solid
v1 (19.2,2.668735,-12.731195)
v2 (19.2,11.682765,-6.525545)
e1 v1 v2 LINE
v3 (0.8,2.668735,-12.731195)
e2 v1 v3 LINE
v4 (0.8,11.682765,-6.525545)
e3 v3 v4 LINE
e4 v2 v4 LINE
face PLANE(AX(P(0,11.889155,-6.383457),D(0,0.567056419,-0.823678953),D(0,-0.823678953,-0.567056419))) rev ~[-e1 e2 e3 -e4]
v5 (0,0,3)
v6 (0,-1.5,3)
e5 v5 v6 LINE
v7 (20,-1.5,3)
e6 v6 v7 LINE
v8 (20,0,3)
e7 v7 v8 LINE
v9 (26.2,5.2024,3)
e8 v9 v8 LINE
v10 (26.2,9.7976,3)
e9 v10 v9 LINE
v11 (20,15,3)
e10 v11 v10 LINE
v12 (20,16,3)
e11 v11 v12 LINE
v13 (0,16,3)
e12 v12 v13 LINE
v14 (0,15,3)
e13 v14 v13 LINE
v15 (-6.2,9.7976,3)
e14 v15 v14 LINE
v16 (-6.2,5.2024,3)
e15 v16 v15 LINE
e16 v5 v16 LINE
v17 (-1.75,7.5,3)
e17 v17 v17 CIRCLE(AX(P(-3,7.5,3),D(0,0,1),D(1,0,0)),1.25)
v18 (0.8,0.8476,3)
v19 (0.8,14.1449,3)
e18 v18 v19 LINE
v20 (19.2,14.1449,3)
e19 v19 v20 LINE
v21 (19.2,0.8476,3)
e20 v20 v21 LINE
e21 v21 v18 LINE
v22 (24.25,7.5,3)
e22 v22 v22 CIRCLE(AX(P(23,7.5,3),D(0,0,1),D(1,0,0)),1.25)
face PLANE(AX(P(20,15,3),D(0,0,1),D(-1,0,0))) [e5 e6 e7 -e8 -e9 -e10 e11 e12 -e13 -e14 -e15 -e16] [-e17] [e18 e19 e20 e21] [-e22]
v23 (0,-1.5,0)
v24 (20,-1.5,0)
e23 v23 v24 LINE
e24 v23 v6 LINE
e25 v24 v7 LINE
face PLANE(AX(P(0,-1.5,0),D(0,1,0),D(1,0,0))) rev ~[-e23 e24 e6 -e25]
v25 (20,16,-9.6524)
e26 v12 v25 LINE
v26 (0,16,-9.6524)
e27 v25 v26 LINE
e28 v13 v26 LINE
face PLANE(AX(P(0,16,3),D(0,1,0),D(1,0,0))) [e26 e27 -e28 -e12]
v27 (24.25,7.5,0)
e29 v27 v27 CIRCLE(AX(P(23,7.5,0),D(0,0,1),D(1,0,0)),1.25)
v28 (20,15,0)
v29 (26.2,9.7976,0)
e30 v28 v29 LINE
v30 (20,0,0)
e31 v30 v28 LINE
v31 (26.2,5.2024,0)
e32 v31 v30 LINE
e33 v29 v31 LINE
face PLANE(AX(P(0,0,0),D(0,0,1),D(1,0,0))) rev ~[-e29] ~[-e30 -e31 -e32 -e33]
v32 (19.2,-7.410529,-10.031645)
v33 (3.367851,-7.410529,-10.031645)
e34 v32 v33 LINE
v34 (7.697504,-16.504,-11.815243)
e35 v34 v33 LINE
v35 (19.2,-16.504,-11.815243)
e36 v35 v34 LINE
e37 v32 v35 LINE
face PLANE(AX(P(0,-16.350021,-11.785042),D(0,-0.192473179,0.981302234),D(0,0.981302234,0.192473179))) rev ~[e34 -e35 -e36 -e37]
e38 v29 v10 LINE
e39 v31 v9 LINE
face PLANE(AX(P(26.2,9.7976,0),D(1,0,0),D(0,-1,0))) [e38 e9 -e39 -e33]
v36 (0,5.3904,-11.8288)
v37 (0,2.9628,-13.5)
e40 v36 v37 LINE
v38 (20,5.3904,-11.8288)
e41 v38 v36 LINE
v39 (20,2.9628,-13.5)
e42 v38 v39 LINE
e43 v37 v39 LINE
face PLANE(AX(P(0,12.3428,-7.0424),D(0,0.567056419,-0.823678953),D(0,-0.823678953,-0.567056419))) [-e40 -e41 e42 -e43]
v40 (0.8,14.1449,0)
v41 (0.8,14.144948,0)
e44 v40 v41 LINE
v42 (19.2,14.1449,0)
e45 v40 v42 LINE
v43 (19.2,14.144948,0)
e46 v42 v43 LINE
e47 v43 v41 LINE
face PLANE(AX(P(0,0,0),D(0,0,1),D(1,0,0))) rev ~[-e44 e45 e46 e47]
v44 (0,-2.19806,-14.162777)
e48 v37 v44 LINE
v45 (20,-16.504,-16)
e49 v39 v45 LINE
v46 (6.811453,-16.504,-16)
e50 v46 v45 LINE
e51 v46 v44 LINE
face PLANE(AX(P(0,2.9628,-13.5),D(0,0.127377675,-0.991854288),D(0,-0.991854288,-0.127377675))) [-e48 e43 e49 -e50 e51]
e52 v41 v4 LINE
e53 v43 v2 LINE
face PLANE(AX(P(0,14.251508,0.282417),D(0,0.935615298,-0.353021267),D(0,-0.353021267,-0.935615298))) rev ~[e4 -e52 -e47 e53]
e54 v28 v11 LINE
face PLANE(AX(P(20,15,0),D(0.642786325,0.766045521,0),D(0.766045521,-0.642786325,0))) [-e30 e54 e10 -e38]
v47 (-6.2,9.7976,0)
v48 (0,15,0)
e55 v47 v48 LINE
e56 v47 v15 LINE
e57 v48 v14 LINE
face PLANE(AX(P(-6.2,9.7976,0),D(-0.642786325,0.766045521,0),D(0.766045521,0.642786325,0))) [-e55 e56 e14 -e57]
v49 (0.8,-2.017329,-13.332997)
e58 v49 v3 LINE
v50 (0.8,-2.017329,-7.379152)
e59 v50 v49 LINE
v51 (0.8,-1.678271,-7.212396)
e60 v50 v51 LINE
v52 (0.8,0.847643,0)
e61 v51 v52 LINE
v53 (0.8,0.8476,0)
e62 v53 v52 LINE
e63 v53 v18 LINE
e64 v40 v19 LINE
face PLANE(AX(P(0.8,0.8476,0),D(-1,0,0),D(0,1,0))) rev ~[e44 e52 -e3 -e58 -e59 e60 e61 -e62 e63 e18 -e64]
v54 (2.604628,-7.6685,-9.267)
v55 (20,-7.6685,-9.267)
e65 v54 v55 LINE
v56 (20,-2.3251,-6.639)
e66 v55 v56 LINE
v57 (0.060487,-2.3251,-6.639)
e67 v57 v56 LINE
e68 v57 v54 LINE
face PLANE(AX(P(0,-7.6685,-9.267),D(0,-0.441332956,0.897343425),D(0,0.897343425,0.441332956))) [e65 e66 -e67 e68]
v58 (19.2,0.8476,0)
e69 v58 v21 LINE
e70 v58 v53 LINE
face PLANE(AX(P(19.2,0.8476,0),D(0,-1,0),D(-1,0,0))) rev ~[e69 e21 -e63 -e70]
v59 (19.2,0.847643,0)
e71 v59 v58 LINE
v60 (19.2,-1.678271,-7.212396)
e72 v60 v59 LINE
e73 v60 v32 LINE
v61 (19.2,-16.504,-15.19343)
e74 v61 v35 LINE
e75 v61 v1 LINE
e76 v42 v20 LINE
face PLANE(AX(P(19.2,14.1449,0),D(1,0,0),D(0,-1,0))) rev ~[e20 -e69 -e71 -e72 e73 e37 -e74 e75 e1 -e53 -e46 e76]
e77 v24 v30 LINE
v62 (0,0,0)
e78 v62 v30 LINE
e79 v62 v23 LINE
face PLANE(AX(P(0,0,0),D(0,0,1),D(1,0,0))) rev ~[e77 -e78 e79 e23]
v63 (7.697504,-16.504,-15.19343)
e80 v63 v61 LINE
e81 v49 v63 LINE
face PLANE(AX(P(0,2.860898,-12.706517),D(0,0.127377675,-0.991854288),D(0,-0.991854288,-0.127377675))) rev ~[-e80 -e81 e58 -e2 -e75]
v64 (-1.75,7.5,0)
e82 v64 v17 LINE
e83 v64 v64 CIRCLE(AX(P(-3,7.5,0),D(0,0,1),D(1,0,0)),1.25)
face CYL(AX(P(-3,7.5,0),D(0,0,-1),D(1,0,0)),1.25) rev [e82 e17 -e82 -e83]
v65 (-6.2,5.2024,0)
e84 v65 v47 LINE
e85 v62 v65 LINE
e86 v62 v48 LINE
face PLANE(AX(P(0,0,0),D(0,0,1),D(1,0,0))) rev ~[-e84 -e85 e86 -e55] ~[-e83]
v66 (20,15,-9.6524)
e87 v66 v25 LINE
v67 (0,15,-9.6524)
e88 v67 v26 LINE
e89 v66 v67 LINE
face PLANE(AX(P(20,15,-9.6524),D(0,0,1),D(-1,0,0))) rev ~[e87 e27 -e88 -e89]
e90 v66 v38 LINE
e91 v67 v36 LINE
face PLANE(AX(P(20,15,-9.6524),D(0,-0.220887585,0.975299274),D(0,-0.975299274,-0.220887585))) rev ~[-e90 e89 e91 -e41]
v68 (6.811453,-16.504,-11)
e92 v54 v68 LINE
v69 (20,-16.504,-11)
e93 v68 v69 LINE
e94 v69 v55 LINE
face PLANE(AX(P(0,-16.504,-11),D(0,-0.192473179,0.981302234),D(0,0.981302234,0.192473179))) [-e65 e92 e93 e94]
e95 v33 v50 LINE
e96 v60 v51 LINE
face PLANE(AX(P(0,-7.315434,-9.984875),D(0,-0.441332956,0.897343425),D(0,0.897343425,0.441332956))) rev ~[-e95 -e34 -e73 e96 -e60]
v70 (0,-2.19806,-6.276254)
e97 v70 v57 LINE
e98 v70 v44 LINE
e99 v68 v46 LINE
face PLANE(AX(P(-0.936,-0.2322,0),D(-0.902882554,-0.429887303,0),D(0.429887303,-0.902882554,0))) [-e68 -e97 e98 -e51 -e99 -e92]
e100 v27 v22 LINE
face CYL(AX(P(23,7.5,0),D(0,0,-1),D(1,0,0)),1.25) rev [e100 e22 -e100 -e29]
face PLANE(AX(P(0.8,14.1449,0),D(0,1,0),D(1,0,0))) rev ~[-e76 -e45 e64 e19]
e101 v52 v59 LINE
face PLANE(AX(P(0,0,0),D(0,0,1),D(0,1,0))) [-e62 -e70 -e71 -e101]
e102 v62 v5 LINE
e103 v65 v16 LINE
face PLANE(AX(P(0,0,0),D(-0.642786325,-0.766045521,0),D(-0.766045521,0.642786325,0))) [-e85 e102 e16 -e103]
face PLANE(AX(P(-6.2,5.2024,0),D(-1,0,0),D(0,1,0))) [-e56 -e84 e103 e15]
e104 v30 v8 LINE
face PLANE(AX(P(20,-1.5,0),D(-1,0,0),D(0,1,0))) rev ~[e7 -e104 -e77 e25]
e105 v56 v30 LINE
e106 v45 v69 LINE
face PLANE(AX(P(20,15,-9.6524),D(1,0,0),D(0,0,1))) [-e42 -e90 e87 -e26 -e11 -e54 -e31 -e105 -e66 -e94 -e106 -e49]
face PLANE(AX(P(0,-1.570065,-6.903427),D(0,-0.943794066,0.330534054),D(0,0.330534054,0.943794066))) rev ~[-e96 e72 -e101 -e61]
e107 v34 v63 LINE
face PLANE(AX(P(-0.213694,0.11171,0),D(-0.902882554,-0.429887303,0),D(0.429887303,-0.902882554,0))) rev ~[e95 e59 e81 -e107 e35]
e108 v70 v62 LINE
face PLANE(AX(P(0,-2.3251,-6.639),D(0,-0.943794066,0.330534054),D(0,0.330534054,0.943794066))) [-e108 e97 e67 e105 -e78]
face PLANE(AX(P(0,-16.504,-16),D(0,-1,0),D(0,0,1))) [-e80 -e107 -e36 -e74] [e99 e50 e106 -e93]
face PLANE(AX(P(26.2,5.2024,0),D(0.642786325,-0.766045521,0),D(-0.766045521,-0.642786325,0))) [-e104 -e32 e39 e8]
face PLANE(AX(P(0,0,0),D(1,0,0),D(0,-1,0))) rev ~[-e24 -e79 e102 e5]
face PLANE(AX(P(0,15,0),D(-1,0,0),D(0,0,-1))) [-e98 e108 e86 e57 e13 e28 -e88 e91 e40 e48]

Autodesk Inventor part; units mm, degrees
ref_plane "YZ Plane" through (0, 0, 0) normal (1, 0, 0) x (0, 1, 0)
ref_plane "XZ Plane" through (0, 0, 0) normal (0, 1, 0) x (-1, 0, 0)
ref_plane "XY Plane" through (0, 0, 0) normal (0, 0, 1) x (1, 0, 0)
sketch "Sketch1" plane through (0, 0, 0) normal (1, 0, 0) x (0, 1, 0)
  line L0 (0, 0) -> (15, 0)
  line L1 (15, 0) -> (12.3428, -7.0424)
  line L2 (12.3428, -7.0424) -> (2.9628, -13.5)
  line L3 (2.9628, -13.5) -> (-16.504, -16)
  line L4 (-16.504, -16) -> (-16.504, -11)
  line L5 (-16.504, -11) -> (-7.6685, -9.267)
  line L6 (-7.6685, -9.267) -> (-2.3251, -6.639)
  line L7 (-2.3251, -6.639) -> (0, 0)
  dimension "d0" = 15
  dimension "d24" = 16
  dimension "d27" = 5
extrude "Extrusion1" add sketch "Sketch1" along normal blind 20
sketch "Sketch2" plane through (0, 0, 0) normal (0, 0, 1) x (1, 0, 0)
  line L0 (-0.936, -0.2322) -> (7.6821, -18.3326)
  line L1 (7.6821, -18.3326) -> (-7.1135, -18.3326)
  line L2 (-7.1135, -18.3326) -> (-0.936, -0.2322)
extrude "Extrusion2" cut sketch "Sketch2" against normal blind 25
shell "Shell1" thickness 0.8 removed faces 2 at (6.6667, 5, 0) at (11.2076, -16.504, -14.3333)
sketch "Sketch3" plane through (0, 0, 0) normal (0, 0, 1) x (1, 0, 0)
  line L0 (0.8, 0.8476) -> (0.8, 14.1449) projected
  line L1 (0.8, 14.1449) -> (19.2, 14.1449) projected
  line L2 (19.2, 14.1449) -> (19.2, 0.8476) projected
  line L3 (19.2, 0.8476) -> (0.8, 0.8476) projected
  line L4 (0, 0) -> (0, 15) projected
  line L5 (0, 0) -> (20, 0) projected
  line L6 (20, 15) -> (20, 0) projected
  line L7 (0, 15) -> (20, 15) projected
  circle A0 centre (-3, 7.5) radius 1.25
  circle A1 centre (23, 7.5) radius 1.25
  line L8 (0, 0) -> (-6.2, 5.2024)
  line L9 (-6.2, 5.2024) -> (-6.2, 9.7976)
  line L10 (-6.2, 9.7976) -> (0, 15)
  line L11 (20, 15) -> (26.2, 9.7976)
  line L12 (26.2, 9.7976) -> (26.2, 5.2024)
  line L13 (26.2, 5.2024) -> (20, 0)
  line L14 (0, 0) -> (0, -1.5)
  line L15 (0, -1.5) -> (20, -1.5)
  line L16 (20, -1.5) -> (20, 0)
  dimension "d6" = 2.5
  dimension "d8" = 2.5
  dimension "d9" = 3
  dimension "d10" = 3
  dimension "d11" = 7.5
  dimension "d12" = 7.5
  dimension "d17" = 130
  dimension "d18" = 130
  dimension "d19" = 130
  dimension "d20" = 130
  dimension "d21" = 6.2
  dimension "d22" = 6.2
  dimension "d23" = 1.5
extrude "Extrusion3" add sketch "Sketch3" along normal blind 3
sketch "Sketch4" plane through (20, 0, 0) normal (1, 0, 0) x (0, 0, -1)
  line L0 (13.5, 2.9628) -> (7.0424, 12.3428) projected
  line L1 (7.0424, 12.3428) -> (0, 15) projected
  line L2 (0, 15) -> (9.6524, 15)
  line L3 (9.6524, 15) -> (11.8288, 5.3904)
extrude "Extrusion4" add sketch "Sketch4" against normal blind 20
sketch "Sketch5" plane through (0, 15, 3) normal (0, 1, 0) x (1, 0, 0)
  line L0 (0, 3) -> (0, 0) projected
  line L1 (20, 0) -> (0, 0) projected
  line L2 (20, 3) -> (20, 0) projected
  line L3 (20, 12.6524) -> (20, 3) projected
  line L4 (20, 12.6524) -> (0, 12.6524) projected
  line L5 (0, 3) -> (0, 12.6524) projected
extrude "Extrusion5" add sketch "Sketch5" along normal blind 1
properties part number "dysza_abs2"
